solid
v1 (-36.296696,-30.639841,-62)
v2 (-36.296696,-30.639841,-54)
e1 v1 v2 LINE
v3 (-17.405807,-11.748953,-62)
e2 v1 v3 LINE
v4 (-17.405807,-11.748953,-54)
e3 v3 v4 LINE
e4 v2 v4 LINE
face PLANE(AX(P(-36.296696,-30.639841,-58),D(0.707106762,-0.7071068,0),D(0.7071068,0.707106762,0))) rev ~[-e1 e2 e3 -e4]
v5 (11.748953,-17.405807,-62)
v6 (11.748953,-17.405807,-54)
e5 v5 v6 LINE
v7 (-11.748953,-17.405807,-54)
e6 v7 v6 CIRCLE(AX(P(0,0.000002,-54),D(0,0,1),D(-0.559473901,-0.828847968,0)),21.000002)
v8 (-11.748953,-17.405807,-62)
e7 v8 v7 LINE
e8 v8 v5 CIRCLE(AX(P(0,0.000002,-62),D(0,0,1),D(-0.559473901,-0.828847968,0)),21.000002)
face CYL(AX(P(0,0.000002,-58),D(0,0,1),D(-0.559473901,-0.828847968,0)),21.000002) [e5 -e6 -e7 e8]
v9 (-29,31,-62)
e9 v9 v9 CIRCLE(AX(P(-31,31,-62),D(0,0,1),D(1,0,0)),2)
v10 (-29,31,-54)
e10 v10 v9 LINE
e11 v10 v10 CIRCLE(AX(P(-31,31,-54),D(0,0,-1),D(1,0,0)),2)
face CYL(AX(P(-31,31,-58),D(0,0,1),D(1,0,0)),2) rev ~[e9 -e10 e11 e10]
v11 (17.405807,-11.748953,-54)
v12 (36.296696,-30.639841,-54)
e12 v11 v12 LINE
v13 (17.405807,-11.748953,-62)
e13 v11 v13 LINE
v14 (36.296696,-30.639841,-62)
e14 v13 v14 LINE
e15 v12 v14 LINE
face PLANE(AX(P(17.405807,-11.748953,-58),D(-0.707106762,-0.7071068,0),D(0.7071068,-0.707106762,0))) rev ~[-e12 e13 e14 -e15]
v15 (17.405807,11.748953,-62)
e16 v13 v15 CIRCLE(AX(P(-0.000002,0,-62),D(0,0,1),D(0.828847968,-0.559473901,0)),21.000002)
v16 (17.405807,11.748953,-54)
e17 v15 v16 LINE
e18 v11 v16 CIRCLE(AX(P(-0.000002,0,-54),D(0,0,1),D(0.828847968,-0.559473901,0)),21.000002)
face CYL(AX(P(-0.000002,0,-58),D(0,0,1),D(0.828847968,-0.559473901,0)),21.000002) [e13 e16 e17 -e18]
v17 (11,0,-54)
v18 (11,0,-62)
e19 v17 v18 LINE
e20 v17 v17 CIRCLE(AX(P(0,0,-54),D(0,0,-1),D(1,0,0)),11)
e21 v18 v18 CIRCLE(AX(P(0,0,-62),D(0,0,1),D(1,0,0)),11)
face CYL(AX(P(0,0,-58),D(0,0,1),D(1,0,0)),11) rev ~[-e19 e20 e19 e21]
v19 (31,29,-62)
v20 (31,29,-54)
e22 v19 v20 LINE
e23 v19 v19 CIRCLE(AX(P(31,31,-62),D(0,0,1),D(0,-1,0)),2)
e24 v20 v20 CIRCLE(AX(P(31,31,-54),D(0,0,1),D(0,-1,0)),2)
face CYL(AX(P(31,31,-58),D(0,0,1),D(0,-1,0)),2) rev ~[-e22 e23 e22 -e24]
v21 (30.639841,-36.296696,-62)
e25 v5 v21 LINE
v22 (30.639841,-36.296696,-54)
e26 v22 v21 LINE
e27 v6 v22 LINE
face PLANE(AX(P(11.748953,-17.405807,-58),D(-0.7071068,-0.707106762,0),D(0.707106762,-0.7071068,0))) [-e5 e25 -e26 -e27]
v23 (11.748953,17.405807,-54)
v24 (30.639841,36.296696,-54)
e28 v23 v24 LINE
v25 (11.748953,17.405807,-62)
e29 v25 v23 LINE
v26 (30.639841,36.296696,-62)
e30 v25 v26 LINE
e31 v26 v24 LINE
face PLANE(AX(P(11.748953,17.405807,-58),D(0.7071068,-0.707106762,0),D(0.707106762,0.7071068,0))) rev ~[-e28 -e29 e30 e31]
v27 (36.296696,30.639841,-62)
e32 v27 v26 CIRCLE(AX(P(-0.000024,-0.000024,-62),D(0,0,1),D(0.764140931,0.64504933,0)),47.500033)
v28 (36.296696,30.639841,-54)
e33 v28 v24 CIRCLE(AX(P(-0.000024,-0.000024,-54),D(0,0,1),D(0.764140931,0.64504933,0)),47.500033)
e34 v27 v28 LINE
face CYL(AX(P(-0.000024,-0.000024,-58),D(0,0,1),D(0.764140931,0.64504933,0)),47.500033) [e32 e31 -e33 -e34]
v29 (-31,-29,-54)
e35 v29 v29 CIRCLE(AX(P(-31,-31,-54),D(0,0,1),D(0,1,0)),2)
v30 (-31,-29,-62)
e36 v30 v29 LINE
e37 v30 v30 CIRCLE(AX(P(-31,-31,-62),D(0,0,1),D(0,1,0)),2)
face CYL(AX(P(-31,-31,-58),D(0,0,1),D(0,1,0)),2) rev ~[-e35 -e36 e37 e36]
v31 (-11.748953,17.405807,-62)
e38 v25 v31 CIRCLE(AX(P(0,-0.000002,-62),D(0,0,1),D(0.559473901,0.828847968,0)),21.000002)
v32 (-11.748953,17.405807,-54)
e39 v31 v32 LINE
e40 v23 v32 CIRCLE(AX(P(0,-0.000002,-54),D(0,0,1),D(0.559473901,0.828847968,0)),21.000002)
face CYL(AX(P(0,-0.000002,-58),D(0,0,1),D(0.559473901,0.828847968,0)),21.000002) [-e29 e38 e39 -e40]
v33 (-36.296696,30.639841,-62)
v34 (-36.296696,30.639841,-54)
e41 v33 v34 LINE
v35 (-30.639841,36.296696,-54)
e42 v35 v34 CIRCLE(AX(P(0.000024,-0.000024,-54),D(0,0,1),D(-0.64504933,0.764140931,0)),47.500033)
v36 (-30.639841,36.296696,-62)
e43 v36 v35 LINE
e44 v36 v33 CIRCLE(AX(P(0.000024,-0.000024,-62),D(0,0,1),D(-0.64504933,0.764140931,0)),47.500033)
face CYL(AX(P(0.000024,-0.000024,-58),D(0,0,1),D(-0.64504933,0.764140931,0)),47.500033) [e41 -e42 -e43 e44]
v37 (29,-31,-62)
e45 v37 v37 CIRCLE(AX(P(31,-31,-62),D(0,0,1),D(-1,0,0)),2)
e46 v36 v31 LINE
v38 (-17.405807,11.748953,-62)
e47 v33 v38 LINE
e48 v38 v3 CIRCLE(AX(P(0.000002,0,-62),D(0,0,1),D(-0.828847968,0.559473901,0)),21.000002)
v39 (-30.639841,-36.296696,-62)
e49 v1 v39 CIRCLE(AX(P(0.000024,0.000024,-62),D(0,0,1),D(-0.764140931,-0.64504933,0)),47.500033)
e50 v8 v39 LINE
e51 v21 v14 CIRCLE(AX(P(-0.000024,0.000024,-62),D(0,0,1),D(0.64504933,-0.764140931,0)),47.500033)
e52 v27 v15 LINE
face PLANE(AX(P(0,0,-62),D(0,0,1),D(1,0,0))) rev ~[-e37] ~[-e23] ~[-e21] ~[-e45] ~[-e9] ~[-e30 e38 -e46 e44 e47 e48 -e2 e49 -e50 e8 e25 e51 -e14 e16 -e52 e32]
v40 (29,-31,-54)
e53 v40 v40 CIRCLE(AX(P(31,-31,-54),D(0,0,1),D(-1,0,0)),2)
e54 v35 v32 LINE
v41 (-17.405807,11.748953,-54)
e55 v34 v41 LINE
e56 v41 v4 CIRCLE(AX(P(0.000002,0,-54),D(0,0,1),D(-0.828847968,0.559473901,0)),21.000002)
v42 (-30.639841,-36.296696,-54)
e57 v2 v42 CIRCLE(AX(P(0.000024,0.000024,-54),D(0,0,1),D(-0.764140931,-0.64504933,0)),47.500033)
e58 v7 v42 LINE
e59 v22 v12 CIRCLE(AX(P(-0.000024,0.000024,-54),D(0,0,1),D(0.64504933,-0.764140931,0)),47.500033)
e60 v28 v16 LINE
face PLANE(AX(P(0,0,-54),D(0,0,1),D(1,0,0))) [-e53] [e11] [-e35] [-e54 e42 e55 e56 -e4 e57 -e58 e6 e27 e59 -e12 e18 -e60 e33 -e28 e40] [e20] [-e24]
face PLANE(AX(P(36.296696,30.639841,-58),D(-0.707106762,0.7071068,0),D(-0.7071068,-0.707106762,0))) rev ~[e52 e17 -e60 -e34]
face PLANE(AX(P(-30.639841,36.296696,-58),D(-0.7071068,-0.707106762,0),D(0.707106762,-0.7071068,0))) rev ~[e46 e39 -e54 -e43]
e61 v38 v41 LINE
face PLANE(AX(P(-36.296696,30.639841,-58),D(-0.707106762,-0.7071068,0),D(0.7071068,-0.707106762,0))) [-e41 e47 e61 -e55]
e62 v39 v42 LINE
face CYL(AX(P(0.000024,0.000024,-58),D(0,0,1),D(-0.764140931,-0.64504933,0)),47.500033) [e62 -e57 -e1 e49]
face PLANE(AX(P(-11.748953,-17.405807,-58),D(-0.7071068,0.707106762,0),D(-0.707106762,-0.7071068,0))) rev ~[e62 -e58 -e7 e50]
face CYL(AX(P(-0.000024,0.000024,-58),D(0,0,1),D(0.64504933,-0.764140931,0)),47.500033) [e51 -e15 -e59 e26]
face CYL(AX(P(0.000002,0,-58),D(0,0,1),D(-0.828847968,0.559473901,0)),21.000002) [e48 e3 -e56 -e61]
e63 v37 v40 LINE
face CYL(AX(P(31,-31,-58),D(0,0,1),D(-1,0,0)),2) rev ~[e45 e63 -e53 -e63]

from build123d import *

# Parameters (mm, degrees)
PAD002_DEPTH         = 4
SKETCH012_R          = 11
POCKET008_DEPTH      = 4.001
POCKET008_DEPTH_BACK = 4.001
SKETCH023_R          = 2
POCKET015_DEPTH      = 209.948575
POCKET015_DEPTH_BACK = 209.948575
POLARPATTERN_COUNT   = 4


with BuildPart() as part:
    # Sketch011 → Pad002 (new body, symmetric)
    with BuildSketch(Plane.XY):
        with BuildLine():
            ThreePointArc((17.405807, -11.748953), (21, 0), (17.405807, 11.748953))
            Line((36.296696, 30.639841), (17.405807, 11.748953))
            ThreePointArc((36.296696, 30.639841), (33.587572, 33.587572), (30.639841, 36.296696))
            Line((11.748953, 17.405807), (30.639841, 36.296696))
            ThreePointArc((11.748953, 17.405807), (0, 21), (-11.748953, 17.405807))
            Line((-30.639841, 36.296696), (-11.748953, 17.405807))
            ThreePointArc((-30.639841, 36.296696), (-33.587572, 33.587572), (-36.296696, 30.639841))
            Line((-36.296696, 30.639841), (-17.405807, 11.748953))
            ThreePointArc((-17.405807, 11.748953), (-21, 0), (-17.405807, -11.748953))
            Line((-36.296696, -30.639841), (-17.405807, -11.748953))
            ThreePointArc((-36.296696, -30.639841), (-33.587572, -33.587572), (-30.639841, -36.296696))
            Line((-11.748953, -17.405807), (-30.639841, -36.296696))
            ThreePointArc((-11.748953, -17.405807), (0, -21), (11.748953, -17.405807))
            Line((11.748953, -17.405807), (30.639841, -36.296696))
            ThreePointArc((30.639841, -36.296696), (33.587572, -33.587572), (36.296696, -30.639841))
            Line((17.405807, -11.748953), (36.296696, -30.639841))
        make_face()
    extrude(amount=PAD002_DEPTH, both=True)

    # Sketch012 → Pocket008 (cut, two sides)
    with BuildSketch(Plane.XY) as pocket008_sk:
        Circle(SKETCH012_R)
    extrude(amount=-POCKET008_DEPTH, mode=Mode.SUBTRACT)
    extrude(pocket008_sk.sketch, amount=POCKET008_DEPTH_BACK, mode=Mode.SUBTRACT)

    # Sketch023 → Pocket015 (cut, two sides)
    with BuildSketch(Plane.XY) as pocket015_sk:
        with Locations((-31, 31)):
            Circle(SKETCH023_R)
    pocket015 = extrude(amount=-POCKET015_DEPTH, mode=Mode.SUBTRACT) + extrude(pocket015_sk.sketch, amount=POCKET015_DEPTH_BACK, mode=Mode.SUBTRACT)

    # PolarPattern: Pocket015 ×4 about axis
    polarpattern_axis = Axis((0, 0, 0), (0, 0, 1))
    for i in range(1, POLARPATTERN_COUNT):
        add(pocket015.rotate(polarpattern_axis, i * 360 / POLARPATTERN_COUNT), mode=Mode.SUBTRACT)


with BuildPart() as part_1:
    # Body005 placement: moved
    add(part.part.moved(Location((0, 0, 58))))


with BuildPart() as part_2:
    # Clone003 placement: moved
    add(part_1.part.moved(Location((0, 0, 20))))


with BuildPart() as part_3:
    # Body006 placement: moved
    add(part_2.part.moved(Location((0, 0, -136))))


solid = part_3.part
